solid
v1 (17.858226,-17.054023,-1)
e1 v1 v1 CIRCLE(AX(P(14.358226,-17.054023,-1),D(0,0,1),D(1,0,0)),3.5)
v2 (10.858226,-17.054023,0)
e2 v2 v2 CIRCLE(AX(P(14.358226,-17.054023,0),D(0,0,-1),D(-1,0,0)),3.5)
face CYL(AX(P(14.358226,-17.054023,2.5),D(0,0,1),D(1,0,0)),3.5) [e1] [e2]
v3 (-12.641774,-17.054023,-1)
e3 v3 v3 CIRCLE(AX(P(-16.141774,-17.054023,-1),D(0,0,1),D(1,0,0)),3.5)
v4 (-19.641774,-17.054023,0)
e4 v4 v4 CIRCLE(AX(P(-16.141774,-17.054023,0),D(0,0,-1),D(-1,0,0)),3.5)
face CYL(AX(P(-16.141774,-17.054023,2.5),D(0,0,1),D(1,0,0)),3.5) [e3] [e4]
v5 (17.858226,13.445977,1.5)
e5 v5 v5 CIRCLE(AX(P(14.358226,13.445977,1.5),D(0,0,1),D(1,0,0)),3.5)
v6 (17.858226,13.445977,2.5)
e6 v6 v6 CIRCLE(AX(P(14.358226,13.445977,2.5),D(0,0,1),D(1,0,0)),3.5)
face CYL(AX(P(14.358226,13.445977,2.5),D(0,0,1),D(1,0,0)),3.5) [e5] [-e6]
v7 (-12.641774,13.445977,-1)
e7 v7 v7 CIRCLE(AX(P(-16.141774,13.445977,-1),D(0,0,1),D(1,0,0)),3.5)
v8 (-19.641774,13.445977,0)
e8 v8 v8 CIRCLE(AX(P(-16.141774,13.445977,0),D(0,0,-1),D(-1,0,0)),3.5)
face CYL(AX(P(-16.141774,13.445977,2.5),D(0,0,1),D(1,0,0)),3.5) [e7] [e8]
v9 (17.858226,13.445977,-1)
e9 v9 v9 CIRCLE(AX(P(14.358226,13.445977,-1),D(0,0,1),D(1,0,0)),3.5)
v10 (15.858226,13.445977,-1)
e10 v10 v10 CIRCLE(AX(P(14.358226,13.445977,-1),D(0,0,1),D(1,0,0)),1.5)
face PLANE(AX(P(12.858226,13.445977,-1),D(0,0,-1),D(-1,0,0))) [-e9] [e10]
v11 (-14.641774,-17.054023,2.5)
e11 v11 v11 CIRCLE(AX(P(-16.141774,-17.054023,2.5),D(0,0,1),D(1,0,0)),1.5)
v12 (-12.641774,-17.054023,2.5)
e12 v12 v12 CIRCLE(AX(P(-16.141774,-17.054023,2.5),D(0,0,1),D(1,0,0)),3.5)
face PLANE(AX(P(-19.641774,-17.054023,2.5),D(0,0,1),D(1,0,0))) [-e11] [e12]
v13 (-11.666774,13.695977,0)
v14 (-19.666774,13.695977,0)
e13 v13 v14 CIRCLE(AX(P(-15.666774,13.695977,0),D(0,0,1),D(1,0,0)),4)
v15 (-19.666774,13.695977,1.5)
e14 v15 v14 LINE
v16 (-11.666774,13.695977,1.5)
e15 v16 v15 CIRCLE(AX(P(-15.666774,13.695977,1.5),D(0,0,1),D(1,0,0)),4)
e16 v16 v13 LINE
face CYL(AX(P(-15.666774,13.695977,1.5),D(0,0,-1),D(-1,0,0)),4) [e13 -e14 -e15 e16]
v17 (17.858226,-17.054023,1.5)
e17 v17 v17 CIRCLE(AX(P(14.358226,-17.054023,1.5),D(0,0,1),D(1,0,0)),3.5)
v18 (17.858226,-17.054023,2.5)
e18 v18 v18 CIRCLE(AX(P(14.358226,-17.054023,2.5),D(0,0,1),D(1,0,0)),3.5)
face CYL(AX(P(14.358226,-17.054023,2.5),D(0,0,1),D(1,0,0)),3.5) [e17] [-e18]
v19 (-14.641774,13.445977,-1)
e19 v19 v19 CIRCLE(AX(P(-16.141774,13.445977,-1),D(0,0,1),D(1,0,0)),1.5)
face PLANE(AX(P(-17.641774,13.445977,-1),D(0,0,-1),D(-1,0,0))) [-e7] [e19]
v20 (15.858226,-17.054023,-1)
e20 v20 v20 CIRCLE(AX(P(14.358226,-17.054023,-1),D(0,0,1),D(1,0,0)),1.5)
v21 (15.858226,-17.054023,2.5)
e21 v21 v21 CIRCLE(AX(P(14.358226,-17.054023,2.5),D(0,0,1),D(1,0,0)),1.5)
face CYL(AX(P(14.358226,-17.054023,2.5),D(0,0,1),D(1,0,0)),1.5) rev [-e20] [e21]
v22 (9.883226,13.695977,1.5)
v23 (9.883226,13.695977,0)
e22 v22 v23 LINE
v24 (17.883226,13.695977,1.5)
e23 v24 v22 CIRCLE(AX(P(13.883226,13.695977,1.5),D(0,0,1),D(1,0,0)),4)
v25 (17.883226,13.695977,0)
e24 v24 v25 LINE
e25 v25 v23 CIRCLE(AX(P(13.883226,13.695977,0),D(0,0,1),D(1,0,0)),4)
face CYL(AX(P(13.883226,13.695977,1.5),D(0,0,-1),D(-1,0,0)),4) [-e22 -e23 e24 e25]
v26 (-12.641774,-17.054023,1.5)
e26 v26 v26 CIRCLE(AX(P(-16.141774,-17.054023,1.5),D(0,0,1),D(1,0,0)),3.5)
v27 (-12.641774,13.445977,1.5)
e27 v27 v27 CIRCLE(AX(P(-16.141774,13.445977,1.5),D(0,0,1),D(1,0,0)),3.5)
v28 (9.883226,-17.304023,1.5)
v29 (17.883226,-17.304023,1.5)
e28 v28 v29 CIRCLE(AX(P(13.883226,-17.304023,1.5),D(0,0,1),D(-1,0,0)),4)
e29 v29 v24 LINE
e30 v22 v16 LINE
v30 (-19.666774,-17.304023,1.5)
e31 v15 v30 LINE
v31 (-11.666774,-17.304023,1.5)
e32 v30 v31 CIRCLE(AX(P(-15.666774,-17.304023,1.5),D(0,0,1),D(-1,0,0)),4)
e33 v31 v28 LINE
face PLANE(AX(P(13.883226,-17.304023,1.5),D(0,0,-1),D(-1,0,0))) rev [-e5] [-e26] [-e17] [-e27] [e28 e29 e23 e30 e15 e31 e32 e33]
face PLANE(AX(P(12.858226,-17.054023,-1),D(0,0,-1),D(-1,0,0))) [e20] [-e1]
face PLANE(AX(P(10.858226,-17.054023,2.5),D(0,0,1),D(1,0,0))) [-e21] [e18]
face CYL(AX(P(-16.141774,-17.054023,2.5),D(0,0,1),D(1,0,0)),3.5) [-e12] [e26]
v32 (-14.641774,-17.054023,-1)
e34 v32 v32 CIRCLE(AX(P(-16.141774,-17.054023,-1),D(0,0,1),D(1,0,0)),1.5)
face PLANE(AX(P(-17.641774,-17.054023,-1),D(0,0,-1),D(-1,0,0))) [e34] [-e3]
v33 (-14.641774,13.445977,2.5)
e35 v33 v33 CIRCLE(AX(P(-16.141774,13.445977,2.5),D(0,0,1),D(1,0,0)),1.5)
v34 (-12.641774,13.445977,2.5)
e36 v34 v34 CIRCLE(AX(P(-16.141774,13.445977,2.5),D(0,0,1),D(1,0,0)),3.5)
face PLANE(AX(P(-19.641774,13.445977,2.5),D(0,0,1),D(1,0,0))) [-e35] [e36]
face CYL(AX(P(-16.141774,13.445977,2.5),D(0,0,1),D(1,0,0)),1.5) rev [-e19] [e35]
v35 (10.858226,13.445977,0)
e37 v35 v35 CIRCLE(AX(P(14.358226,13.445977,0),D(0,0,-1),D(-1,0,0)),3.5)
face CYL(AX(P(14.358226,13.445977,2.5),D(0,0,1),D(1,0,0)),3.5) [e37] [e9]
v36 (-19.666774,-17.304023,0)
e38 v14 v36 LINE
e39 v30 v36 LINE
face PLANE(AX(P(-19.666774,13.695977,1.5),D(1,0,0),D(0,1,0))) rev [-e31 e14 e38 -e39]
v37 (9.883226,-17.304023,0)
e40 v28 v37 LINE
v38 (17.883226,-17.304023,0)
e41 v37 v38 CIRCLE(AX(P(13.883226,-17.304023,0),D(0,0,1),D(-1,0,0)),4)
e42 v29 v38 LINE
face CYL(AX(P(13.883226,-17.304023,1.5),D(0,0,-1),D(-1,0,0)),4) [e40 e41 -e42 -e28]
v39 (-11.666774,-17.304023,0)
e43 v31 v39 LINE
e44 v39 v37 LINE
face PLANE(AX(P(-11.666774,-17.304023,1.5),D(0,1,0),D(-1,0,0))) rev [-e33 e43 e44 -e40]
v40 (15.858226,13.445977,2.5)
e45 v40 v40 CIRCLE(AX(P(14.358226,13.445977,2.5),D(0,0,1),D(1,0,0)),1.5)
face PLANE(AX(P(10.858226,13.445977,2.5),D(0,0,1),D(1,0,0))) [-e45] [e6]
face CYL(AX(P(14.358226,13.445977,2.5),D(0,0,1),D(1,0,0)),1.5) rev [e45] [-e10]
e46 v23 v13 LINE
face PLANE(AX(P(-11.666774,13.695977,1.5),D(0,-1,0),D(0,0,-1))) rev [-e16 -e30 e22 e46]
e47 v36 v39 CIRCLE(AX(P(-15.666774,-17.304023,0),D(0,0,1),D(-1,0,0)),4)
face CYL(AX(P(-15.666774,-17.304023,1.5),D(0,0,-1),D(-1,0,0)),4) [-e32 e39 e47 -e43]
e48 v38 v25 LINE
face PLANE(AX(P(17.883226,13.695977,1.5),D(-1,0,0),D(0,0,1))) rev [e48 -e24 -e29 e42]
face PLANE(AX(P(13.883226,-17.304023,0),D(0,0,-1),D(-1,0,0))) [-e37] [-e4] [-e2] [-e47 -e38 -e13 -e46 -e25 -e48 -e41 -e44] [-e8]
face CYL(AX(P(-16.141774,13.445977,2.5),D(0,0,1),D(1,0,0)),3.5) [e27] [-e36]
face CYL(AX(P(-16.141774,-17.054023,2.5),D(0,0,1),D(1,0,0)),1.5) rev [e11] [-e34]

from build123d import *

# Parameters (mm, degrees)
CROQUIS1_R              = 2.5
SALIENTE_EXTRUIR1_DEPTH = 1.5
MATRIZL1_COUNT          = 2
MATRIZL1_PITCH          = 30.5
MATRIZL1_COUNT_DIR2     = 2
MATRIZL1_PITCH_DIR2     = 30.5


with BuildPart() as part:
    # Croquis1 → Saliente-Extruir1 (new body)
    with BuildSketch(Plane.XY):
        with BuildLine():
            Line((17.88322612, 13.695977011), (17.88322612, -17.304022989))
            ThreePointArc((17.88322612, -17.304022989), (13.88322612, -21.304022989), (9.88322612, -17.304022989))
            Line((9.88322612, -17.304022989), (-11.66677388, -17.304022989))
            ThreePointArc((-11.66677388, -17.304022989), (-15.66677388, -21.304022989), (-19.66677388, -17.304022989))
            Line((-19.66677388, -17.304022989), (-19.66677388, 13.695977011))
            ThreePointArc((-19.66677388, 13.695977011), (-15.66677388, 17.695977011), (-11.66677388, 13.695977011))
            Line((-11.66677388, 13.695977011), (9.88322612, 13.695977011))
            ThreePointArc((9.88322612, 13.695977011), (13.88322612, 17.695977011), (17.88322612, 13.695977011))
        make_face()
        with Locations((-16.14177388, 13.445977011)):
            Circle(CROQUIS1_R, mode=Mode.SUBTRACT)
        with Locations((14.35822612, 13.445977011)):
            Circle(CROQUIS1_R, mode=Mode.SUBTRACT)
        with Locations((14.35822612, -17.054022989)):
            Circle(CROQUIS1_R, mode=Mode.SUBTRACT)
        with Locations((-16.14177388, -17.054022989)):
            Circle(CROQUIS1_R, mode=Mode.SUBTRACT)
    extrude(amount=SALIENTE_EXTRUIR1_DEPTH)

    # Croquis3 → Revolución1 (revolve)
    with BuildSketch(Plane(origin=(0, -17.054022989, 0), x_dir=(-1, 0, 0), z_dir=(0, -1, 0)), mode=Mode.PRIVATE) as revoluci_n1_sk:
        Polygon((18.64177388, -1.5), (19.64177388, -1.5), (19.64177388, -2.5), (17.64177388, -2.5), (17.64177388, 1), (19.64177388, 1), (19.64177388, 0), (18.64177388, 0), align=None)
    revoluci_n1 = revolve(revoluci_n1_sk.sketch.rotate(Axis((-16.14177388, -17.054022989, 2.5), (0, 0, -1)), 180), axis=Axis((-16.14177388, -17.054022989, 2.5), (0, 0, -1)))

    # MatrizL1: Revoluci_n1 2 × 2
    with Locations(*[(i * MATRIZL1_PITCH, j * MATRIZL1_PITCH_DIR2, 0) for i in range(MATRIZL1_COUNT) for j in range(MATRIZL1_COUNT_DIR2) if (i, j) != (0, 0)]):
        add(revoluci_n1)


solid = part.part
